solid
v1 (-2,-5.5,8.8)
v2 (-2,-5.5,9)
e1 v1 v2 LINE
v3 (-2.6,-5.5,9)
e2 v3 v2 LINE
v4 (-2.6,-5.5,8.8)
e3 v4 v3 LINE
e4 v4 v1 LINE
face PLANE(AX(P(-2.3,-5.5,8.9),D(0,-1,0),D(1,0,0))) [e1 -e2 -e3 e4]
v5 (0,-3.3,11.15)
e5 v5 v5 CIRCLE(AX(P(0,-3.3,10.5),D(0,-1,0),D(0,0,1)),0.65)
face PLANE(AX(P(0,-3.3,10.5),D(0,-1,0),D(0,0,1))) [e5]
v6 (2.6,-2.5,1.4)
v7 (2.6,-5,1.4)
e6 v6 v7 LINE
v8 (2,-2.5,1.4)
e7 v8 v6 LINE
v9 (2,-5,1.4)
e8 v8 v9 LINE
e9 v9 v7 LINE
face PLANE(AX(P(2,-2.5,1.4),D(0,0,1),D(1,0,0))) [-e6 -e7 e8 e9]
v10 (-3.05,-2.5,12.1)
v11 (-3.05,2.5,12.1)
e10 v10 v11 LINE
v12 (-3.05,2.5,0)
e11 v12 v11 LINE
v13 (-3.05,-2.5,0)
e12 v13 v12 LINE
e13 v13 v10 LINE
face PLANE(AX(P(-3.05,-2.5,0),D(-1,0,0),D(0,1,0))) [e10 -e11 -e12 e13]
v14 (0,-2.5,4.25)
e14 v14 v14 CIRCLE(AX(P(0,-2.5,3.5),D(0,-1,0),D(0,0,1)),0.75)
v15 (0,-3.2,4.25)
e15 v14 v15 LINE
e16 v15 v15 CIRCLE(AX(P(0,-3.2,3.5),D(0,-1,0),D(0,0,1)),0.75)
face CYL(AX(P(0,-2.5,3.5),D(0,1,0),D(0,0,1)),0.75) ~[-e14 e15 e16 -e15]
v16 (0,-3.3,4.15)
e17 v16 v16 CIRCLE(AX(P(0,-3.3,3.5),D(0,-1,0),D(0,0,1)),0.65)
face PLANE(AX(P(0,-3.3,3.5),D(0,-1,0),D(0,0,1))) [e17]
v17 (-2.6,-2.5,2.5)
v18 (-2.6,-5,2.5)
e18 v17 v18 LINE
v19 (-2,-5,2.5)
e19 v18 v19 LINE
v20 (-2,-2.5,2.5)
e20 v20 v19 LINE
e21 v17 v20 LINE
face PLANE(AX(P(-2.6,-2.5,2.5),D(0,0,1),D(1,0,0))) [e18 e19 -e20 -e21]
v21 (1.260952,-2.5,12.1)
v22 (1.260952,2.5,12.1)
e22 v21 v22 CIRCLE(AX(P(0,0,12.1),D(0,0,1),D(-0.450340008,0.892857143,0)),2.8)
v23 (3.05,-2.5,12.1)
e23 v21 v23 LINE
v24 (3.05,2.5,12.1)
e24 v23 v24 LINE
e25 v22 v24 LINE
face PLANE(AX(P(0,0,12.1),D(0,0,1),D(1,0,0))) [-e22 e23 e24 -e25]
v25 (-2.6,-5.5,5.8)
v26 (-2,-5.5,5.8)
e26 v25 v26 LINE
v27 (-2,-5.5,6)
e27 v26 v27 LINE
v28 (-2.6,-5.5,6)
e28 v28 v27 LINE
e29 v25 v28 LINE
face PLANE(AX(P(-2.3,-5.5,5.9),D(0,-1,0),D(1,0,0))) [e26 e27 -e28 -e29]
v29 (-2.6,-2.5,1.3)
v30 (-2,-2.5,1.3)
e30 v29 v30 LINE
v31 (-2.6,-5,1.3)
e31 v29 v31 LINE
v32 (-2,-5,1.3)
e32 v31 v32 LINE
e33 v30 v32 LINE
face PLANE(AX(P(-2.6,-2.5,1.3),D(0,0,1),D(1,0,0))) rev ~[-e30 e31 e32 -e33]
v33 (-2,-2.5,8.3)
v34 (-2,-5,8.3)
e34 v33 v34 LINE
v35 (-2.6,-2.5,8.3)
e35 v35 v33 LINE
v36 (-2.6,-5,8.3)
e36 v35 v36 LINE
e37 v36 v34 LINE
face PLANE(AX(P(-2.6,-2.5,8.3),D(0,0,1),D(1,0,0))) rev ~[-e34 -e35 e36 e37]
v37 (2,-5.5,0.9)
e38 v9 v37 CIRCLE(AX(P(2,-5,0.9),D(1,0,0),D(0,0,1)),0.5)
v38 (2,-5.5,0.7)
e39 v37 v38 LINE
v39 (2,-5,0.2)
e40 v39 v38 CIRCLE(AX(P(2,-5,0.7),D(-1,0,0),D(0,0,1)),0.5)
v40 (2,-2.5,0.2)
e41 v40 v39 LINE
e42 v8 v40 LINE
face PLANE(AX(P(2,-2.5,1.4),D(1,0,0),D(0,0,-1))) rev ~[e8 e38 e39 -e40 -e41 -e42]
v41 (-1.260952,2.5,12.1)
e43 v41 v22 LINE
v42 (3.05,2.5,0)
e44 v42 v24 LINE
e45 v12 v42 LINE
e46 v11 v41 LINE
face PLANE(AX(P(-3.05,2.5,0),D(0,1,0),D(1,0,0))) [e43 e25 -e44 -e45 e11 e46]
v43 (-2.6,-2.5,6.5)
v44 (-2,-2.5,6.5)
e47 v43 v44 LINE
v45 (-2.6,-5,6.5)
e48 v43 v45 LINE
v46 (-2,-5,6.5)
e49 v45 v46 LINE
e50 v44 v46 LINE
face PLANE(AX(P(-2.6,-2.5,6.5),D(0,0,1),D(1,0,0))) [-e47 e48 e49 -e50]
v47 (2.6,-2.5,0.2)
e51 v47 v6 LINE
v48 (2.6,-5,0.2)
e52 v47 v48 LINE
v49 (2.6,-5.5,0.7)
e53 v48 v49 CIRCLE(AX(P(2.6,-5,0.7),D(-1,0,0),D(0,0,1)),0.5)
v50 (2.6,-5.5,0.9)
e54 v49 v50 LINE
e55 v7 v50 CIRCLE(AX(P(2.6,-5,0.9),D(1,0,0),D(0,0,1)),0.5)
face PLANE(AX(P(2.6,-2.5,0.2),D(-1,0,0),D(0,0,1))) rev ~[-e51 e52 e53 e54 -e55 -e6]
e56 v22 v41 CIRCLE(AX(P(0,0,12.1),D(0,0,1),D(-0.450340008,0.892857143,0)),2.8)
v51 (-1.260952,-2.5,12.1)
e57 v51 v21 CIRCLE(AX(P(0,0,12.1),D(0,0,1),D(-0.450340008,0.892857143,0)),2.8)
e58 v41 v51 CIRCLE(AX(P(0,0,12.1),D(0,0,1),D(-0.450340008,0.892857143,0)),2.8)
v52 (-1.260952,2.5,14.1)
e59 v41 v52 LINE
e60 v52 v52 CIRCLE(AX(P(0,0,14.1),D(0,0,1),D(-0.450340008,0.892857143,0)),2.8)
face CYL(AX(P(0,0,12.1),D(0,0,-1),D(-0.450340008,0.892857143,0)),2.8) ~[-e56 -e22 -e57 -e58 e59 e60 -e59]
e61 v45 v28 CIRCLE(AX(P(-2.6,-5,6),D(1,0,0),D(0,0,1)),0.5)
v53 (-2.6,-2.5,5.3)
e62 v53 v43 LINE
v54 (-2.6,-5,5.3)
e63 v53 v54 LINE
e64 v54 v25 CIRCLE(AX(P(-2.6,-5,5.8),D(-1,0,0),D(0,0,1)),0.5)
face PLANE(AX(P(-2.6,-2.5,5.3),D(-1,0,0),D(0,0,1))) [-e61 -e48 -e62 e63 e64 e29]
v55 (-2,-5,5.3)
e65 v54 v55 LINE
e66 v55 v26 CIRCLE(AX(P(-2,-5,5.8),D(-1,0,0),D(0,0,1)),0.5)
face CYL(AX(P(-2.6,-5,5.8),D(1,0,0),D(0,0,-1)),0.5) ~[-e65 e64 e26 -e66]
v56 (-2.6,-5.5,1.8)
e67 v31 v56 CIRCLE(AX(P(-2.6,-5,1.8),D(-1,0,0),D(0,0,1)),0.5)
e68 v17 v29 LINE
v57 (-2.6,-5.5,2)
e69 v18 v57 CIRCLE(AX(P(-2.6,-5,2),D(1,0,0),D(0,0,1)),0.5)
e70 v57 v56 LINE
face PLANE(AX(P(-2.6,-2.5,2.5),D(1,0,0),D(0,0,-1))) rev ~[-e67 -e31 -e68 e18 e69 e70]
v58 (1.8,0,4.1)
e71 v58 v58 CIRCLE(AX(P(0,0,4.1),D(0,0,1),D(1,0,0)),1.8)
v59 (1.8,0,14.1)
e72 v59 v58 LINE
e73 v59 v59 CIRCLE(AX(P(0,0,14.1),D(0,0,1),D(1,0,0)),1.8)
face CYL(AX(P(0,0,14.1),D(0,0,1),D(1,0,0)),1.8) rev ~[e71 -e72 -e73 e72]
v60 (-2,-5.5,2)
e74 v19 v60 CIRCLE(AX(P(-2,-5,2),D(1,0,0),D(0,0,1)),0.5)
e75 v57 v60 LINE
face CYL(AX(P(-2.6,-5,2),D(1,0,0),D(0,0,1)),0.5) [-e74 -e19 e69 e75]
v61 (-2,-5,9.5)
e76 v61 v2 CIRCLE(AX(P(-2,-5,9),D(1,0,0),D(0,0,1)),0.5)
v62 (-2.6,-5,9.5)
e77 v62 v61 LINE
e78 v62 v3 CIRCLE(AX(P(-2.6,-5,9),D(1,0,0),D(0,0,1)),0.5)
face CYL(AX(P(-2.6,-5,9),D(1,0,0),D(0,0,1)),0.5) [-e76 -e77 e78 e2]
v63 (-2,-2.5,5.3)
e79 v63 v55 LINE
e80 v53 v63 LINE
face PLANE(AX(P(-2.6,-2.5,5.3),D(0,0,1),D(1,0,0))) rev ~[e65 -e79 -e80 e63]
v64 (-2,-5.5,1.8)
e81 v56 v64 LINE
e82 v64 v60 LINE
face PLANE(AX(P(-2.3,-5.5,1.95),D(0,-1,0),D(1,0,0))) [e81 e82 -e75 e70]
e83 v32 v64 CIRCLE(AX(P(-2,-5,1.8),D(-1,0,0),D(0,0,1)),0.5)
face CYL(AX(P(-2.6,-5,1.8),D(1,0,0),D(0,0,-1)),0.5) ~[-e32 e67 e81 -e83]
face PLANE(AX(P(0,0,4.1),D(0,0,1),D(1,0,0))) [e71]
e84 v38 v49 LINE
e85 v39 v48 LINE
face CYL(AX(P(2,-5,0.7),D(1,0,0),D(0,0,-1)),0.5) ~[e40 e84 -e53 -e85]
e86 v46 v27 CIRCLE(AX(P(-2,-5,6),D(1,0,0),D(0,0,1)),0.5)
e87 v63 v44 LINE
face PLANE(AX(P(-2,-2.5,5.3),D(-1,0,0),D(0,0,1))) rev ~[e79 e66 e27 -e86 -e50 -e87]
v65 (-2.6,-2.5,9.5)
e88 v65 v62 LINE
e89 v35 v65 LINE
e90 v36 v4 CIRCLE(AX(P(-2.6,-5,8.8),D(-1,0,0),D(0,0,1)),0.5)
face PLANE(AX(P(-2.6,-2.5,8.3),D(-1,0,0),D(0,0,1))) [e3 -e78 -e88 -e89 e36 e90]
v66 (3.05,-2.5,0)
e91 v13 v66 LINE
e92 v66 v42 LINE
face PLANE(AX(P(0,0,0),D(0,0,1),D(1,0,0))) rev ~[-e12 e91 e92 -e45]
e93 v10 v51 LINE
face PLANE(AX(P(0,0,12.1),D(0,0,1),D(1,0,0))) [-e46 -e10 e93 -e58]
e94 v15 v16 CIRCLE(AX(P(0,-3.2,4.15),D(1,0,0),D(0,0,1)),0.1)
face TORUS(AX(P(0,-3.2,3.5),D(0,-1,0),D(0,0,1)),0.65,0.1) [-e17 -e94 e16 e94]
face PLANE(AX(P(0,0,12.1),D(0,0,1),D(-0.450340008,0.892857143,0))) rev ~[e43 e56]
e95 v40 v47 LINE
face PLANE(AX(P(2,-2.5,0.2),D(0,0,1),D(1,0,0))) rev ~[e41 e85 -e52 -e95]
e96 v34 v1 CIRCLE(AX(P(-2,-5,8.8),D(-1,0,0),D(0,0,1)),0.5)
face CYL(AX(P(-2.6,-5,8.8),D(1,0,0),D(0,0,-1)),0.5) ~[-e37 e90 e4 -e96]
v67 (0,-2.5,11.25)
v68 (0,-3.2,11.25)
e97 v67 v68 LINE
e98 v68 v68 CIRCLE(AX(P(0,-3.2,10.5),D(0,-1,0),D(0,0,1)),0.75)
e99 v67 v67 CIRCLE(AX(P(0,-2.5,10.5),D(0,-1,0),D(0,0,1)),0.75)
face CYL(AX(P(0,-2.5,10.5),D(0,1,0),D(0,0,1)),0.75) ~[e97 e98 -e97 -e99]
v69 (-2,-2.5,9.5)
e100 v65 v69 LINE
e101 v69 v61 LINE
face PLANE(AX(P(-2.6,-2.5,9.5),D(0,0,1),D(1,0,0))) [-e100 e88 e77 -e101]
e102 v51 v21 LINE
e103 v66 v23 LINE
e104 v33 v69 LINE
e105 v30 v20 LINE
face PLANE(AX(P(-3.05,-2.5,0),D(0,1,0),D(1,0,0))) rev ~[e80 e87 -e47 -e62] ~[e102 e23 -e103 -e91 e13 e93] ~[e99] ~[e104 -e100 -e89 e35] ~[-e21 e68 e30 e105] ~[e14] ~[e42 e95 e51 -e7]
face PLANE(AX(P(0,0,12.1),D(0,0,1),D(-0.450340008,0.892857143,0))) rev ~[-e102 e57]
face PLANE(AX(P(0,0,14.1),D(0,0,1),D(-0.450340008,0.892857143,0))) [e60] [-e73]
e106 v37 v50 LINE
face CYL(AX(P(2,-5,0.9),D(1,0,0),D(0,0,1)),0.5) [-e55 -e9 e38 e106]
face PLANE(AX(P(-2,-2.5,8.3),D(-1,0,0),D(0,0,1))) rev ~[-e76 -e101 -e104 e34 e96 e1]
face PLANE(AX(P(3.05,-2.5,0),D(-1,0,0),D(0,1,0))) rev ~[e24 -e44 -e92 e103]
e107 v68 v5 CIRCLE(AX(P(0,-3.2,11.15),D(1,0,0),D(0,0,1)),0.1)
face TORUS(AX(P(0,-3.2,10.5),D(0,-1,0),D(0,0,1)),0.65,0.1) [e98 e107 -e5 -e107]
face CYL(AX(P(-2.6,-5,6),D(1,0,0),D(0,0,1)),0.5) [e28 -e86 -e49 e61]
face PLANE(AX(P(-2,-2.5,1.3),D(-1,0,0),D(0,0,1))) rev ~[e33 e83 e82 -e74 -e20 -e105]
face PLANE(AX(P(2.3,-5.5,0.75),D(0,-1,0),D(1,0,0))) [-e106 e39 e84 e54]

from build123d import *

# Parameters (mm, degrees)
SKETCH1_W           = 6.1
SKETCH1_H           = 5
BOSS_EXTRUDE1_DEPTH = 12.1
SKETCH2_R           = 2.8
BOSS_EXTRUDE2_DEPTH = 2
SKETCH3_R           = 1.8
CUT_EXTRUDE1_DEPTH  = 10
SKETCH4_R           = 0.75
BOSS_EXTRUDE3_DEPTH = 0.8
SKETCH5_W           = 0.6
SKETCH5_H           = 1.1
SKETCH5_H_2         = 0.1
SKETCH5_H_3         = 1.2
BOSS_EXTRUDE4_DEPTH = 3
FILLET1_R           = 0.5
FILLET2_R           = 0.1


with BuildPart() as part:
    # Sketch1 → Boss-Extrude1 (new body)
    with BuildSketch(Plane.XY):
        Rectangle(SKETCH1_W, SKETCH1_H)
    extrude(amount=BOSS_EXTRUDE1_DEPTH)

    # Sketch2 → Boss-Extrude2 (add)
    with BuildSketch(Plane.XY.offset(12.1)):
        with Locations(Location((0, 0, 0), (0, 0, 116.765500577))):
            Circle(SKETCH2_R)
    extrude(amount=BOSS_EXTRUDE2_DEPTH)

    # Sketch3 → Cut-Extrude1 (cut)
    with BuildSketch(Plane.XY.offset(14.1)):
        Circle(SKETCH3_R)
    extrude(amount=-CUT_EXTRUDE1_DEPTH, mode=Mode.SUBTRACT)

    # Sketch4 → Boss-Extrude3 (add)
    with BuildSketch(Plane.XZ.offset(2.5)):
        with Locations(Location((0, 10.5, 0), (0, 0, 90))):
            Circle(SKETCH4_R)
        with Locations(Location((0, 3.5, 0), (0, 0, 90))):
            Circle(SKETCH4_R)
    extrude(amount=BOSS_EXTRUDE3_DEPTH)

    # Sketch5 → Boss-Extrude4 (add)
    with BuildSketch(Plane.XZ.offset(2.5)):
        with Locations((-2.3, 1.95)):
            Rectangle(SKETCH5_W, SKETCH5_H)
        with Locations((-2.3, 1.35)):
            Rectangle(SKETCH5_W, SKETCH5_H_2)
        with Locations((-2.3, 5.9)):
            Rectangle(SKETCH5_W, SKETCH5_H_3)
        with Locations((2.3, 0.75)):
            Rectangle(SKETCH5_W, SKETCH5_H)
        with Locations((2.3, 1.35)):
            Rectangle(SKETCH5_W, SKETCH5_H_2)
        with Locations((-2.3, 8.9)):
            Rectangle(SKETCH5_W, SKETCH5_H_3)
    extrude(amount=BOSS_EXTRUDE4_DEPTH)

    # Fillet1
    fillet1_edges = [part.edges().sort_by_distance(p)[0] for p in [
        (-2.3, -5.5, 1.3),
        (-2.3, -5.5, 2.5),
        (-2.3, -5.5, 5.3),
        (-2.3, -5.5, 6.5),
        (2.3, -5.5, 0.2),
        (2.3, -5.5, 1.4),
        (-2.3, -5.5, 8.3),
        (-2.3, -5.5, 9.5),
    ]]
    fillet(fillet1_edges, radius=FILLET1_R)

    # Fillet2
    fillet2_edges = [part.edges().sort_by_distance(p)[0] for p in [
        (0, -3.3, 9.75),
        (0, -3.3, 2.75),
    ]]
    fillet(fillet2_edges, radius=FILLET2_R)


solid = part.part
